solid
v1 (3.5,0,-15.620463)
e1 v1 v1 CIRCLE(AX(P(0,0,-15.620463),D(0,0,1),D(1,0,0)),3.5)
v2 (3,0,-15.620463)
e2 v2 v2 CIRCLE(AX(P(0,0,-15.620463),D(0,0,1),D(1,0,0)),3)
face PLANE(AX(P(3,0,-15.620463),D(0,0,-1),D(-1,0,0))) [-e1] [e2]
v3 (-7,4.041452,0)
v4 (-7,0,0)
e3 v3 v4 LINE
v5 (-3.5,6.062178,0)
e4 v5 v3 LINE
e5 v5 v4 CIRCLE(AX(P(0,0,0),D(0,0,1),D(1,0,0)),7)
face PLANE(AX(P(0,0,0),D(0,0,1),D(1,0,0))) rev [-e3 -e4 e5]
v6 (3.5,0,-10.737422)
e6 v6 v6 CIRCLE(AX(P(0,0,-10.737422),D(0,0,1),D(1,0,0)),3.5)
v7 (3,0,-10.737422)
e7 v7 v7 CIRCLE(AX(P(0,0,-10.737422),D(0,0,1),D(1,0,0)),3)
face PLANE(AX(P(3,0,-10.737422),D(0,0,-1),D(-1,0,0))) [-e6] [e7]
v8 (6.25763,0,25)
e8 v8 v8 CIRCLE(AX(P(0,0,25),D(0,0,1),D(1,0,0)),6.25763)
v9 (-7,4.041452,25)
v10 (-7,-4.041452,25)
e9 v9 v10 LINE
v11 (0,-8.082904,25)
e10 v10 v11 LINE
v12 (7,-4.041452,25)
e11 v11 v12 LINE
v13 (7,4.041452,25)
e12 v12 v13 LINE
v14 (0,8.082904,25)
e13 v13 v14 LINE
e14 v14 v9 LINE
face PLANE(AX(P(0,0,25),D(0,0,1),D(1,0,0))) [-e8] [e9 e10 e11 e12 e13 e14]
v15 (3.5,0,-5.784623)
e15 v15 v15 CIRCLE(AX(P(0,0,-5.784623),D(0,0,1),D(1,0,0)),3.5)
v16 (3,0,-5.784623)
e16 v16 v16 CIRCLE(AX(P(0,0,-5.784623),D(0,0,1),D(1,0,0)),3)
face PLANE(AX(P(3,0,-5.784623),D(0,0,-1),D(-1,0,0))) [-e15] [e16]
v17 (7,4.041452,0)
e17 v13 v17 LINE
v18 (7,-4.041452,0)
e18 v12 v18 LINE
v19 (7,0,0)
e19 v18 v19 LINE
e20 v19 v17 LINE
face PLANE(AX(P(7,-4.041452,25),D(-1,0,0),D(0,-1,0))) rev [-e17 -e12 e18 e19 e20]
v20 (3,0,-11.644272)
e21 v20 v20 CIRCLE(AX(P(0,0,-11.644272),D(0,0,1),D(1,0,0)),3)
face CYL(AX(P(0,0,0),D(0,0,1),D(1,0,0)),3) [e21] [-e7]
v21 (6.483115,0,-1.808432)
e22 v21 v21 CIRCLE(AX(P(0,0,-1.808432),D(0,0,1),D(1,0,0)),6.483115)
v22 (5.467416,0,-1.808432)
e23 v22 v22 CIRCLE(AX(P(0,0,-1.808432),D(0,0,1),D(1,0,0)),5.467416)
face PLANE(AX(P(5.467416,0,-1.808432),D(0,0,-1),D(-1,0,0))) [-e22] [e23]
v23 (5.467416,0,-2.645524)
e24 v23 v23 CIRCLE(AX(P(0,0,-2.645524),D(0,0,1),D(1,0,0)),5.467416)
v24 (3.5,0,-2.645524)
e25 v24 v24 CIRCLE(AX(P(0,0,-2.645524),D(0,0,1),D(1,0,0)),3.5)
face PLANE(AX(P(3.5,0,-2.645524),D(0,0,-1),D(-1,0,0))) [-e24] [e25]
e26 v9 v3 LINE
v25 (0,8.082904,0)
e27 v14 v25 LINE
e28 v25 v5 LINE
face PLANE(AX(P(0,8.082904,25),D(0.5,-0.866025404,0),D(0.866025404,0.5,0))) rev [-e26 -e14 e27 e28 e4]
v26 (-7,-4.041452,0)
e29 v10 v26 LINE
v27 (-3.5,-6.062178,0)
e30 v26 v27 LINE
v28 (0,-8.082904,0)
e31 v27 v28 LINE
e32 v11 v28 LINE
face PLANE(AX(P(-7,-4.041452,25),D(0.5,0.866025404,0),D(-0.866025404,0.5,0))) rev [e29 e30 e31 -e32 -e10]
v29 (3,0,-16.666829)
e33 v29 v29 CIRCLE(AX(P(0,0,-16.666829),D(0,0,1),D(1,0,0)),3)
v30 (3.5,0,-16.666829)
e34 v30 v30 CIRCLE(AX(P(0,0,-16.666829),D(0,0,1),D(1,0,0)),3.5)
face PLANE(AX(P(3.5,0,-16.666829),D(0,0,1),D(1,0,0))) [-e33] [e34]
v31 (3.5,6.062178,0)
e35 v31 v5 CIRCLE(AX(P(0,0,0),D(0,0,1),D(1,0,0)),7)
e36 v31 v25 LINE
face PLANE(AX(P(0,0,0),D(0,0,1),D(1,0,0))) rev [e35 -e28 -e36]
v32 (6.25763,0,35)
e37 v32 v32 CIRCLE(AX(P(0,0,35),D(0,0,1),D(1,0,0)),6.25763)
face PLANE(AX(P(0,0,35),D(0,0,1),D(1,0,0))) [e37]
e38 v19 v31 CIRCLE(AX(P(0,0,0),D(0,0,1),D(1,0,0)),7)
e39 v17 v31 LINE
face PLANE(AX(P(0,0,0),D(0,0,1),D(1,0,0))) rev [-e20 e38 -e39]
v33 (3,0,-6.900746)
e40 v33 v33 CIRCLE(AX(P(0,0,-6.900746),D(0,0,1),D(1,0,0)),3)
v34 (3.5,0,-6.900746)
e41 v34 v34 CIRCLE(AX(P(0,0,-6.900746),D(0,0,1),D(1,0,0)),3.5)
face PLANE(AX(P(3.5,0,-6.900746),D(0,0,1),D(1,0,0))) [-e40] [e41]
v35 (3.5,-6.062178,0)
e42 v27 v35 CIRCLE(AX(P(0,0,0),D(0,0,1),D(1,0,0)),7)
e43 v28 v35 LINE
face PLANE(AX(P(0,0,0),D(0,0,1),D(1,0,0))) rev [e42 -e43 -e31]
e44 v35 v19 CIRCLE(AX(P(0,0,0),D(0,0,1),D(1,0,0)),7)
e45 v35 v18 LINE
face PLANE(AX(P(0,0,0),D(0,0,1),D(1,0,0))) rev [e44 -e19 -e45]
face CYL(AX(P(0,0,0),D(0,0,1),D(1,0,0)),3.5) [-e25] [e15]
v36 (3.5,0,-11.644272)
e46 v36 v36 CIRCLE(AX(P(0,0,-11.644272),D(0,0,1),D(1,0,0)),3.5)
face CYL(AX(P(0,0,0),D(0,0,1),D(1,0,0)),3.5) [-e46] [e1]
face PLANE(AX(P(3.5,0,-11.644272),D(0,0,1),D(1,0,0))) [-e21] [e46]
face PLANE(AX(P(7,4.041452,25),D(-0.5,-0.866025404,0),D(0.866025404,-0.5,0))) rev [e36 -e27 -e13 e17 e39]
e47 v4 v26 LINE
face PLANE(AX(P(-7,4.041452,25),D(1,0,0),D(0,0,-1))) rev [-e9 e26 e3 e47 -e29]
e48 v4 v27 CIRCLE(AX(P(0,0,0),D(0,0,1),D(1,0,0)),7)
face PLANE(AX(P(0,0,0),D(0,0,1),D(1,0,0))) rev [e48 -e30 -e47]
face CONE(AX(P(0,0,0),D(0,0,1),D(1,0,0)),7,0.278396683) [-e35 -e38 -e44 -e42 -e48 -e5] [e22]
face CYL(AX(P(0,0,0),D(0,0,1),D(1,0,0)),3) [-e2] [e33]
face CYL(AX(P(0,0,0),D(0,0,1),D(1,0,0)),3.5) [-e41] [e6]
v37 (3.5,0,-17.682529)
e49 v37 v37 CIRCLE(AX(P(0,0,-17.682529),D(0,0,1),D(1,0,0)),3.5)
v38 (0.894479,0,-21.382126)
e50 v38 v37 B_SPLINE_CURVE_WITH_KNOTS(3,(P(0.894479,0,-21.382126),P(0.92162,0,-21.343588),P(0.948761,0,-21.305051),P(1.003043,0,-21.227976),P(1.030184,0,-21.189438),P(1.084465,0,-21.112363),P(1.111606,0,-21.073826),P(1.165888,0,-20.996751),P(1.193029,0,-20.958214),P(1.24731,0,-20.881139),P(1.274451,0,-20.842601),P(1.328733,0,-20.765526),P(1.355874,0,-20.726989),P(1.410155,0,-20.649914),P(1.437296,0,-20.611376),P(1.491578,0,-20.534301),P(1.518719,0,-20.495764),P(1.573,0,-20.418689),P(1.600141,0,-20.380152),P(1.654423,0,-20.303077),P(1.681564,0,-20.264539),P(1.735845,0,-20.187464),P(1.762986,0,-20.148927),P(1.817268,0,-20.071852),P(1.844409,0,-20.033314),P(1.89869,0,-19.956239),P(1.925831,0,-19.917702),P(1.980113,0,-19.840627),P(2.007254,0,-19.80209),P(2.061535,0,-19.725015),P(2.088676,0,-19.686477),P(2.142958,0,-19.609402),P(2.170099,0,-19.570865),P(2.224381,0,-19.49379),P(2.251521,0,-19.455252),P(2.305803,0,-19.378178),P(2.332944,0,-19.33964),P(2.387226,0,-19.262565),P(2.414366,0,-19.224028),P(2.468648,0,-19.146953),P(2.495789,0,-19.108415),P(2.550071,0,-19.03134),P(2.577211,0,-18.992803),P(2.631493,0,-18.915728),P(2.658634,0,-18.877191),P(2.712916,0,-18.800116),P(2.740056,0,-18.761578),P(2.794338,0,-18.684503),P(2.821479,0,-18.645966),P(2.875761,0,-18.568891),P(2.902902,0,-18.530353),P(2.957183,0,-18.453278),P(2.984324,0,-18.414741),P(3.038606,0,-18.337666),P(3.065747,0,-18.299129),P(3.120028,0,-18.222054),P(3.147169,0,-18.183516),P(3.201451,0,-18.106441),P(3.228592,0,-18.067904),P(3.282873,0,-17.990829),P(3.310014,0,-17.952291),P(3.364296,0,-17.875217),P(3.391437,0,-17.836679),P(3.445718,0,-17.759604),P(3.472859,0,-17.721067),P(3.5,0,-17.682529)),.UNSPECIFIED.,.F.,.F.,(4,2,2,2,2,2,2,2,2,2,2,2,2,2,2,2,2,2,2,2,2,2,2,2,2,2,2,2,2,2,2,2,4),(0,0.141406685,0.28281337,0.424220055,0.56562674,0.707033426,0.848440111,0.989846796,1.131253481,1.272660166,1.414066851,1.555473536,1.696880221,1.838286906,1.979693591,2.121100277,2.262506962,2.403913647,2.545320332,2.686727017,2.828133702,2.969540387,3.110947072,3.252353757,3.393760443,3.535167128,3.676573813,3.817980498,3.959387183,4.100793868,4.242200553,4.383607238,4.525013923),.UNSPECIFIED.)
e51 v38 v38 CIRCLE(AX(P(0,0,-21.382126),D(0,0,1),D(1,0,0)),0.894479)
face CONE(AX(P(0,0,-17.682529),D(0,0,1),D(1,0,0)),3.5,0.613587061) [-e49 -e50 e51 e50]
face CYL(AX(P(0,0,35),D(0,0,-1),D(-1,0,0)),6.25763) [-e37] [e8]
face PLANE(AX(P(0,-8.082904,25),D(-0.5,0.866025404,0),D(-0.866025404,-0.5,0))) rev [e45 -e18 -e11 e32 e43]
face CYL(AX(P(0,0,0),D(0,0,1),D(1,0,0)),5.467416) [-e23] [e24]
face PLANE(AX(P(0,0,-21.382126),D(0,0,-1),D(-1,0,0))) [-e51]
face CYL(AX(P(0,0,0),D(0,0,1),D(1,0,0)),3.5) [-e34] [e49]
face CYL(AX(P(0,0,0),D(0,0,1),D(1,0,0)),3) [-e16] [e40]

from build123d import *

# Parameters (mm, degrees)
SALIENTE_EXTRUIR1_DEPTH = 25
CROQUIS2_R              = 6.257629611
SALIENTE_EXTRUIR2_DEPTH = 10


with BuildPart() as part:
    # Croquis1 → Saliente-Extruir1 (new body)
    with BuildSketch(Plane.XY):
        Polygon((0, -8.082903769), (7, -4.041451884), (7, 4.041451884), (0, 8.082903769), (-7, 4.041451884), (-7, -4.041451884), align=None)
    extrude(amount=SALIENTE_EXTRUIR1_DEPTH)

    # Croquis2 → Saliente-Extruir2 (add)
    with BuildSketch(Plane.XY.offset(25)):
        Circle(CROQUIS2_R)
    extrude(amount=SALIENTE_EXTRUIR2_DEPTH)

    # Croquis3 → Revolución1 (revolve)
    with BuildSketch(Plane(origin=(0, 0, 0), x_dir=(1, 0, 0), z_dir=(0, 1, 0))):
        Polygon((0, 21.382125591), (0.894479356, 21.382125591), (3.5, 17.682529237), (3.5, 16.666829395), (3, 16.666829395), (3, 15.620463348), (3.5, 15.620463348), (3.5, 11.644272372), (3, 11.644272372), (3, 10.737421798), (3.5, 10.737421798), (3.5, 6.900746294), (3, 6.900746294), (3, 5.784622511), (3.5, 5.784622511), (3.5, 2.645524372), (5.467415644, 2.645524372), (5.467415644, 1.808431535), (6.483115486, 1.808431535), (7, 0), (0, 0), align=None)
    revolve(axis=Axis((0, 0, 0), (0, 0, -1)))


solid = part.part
